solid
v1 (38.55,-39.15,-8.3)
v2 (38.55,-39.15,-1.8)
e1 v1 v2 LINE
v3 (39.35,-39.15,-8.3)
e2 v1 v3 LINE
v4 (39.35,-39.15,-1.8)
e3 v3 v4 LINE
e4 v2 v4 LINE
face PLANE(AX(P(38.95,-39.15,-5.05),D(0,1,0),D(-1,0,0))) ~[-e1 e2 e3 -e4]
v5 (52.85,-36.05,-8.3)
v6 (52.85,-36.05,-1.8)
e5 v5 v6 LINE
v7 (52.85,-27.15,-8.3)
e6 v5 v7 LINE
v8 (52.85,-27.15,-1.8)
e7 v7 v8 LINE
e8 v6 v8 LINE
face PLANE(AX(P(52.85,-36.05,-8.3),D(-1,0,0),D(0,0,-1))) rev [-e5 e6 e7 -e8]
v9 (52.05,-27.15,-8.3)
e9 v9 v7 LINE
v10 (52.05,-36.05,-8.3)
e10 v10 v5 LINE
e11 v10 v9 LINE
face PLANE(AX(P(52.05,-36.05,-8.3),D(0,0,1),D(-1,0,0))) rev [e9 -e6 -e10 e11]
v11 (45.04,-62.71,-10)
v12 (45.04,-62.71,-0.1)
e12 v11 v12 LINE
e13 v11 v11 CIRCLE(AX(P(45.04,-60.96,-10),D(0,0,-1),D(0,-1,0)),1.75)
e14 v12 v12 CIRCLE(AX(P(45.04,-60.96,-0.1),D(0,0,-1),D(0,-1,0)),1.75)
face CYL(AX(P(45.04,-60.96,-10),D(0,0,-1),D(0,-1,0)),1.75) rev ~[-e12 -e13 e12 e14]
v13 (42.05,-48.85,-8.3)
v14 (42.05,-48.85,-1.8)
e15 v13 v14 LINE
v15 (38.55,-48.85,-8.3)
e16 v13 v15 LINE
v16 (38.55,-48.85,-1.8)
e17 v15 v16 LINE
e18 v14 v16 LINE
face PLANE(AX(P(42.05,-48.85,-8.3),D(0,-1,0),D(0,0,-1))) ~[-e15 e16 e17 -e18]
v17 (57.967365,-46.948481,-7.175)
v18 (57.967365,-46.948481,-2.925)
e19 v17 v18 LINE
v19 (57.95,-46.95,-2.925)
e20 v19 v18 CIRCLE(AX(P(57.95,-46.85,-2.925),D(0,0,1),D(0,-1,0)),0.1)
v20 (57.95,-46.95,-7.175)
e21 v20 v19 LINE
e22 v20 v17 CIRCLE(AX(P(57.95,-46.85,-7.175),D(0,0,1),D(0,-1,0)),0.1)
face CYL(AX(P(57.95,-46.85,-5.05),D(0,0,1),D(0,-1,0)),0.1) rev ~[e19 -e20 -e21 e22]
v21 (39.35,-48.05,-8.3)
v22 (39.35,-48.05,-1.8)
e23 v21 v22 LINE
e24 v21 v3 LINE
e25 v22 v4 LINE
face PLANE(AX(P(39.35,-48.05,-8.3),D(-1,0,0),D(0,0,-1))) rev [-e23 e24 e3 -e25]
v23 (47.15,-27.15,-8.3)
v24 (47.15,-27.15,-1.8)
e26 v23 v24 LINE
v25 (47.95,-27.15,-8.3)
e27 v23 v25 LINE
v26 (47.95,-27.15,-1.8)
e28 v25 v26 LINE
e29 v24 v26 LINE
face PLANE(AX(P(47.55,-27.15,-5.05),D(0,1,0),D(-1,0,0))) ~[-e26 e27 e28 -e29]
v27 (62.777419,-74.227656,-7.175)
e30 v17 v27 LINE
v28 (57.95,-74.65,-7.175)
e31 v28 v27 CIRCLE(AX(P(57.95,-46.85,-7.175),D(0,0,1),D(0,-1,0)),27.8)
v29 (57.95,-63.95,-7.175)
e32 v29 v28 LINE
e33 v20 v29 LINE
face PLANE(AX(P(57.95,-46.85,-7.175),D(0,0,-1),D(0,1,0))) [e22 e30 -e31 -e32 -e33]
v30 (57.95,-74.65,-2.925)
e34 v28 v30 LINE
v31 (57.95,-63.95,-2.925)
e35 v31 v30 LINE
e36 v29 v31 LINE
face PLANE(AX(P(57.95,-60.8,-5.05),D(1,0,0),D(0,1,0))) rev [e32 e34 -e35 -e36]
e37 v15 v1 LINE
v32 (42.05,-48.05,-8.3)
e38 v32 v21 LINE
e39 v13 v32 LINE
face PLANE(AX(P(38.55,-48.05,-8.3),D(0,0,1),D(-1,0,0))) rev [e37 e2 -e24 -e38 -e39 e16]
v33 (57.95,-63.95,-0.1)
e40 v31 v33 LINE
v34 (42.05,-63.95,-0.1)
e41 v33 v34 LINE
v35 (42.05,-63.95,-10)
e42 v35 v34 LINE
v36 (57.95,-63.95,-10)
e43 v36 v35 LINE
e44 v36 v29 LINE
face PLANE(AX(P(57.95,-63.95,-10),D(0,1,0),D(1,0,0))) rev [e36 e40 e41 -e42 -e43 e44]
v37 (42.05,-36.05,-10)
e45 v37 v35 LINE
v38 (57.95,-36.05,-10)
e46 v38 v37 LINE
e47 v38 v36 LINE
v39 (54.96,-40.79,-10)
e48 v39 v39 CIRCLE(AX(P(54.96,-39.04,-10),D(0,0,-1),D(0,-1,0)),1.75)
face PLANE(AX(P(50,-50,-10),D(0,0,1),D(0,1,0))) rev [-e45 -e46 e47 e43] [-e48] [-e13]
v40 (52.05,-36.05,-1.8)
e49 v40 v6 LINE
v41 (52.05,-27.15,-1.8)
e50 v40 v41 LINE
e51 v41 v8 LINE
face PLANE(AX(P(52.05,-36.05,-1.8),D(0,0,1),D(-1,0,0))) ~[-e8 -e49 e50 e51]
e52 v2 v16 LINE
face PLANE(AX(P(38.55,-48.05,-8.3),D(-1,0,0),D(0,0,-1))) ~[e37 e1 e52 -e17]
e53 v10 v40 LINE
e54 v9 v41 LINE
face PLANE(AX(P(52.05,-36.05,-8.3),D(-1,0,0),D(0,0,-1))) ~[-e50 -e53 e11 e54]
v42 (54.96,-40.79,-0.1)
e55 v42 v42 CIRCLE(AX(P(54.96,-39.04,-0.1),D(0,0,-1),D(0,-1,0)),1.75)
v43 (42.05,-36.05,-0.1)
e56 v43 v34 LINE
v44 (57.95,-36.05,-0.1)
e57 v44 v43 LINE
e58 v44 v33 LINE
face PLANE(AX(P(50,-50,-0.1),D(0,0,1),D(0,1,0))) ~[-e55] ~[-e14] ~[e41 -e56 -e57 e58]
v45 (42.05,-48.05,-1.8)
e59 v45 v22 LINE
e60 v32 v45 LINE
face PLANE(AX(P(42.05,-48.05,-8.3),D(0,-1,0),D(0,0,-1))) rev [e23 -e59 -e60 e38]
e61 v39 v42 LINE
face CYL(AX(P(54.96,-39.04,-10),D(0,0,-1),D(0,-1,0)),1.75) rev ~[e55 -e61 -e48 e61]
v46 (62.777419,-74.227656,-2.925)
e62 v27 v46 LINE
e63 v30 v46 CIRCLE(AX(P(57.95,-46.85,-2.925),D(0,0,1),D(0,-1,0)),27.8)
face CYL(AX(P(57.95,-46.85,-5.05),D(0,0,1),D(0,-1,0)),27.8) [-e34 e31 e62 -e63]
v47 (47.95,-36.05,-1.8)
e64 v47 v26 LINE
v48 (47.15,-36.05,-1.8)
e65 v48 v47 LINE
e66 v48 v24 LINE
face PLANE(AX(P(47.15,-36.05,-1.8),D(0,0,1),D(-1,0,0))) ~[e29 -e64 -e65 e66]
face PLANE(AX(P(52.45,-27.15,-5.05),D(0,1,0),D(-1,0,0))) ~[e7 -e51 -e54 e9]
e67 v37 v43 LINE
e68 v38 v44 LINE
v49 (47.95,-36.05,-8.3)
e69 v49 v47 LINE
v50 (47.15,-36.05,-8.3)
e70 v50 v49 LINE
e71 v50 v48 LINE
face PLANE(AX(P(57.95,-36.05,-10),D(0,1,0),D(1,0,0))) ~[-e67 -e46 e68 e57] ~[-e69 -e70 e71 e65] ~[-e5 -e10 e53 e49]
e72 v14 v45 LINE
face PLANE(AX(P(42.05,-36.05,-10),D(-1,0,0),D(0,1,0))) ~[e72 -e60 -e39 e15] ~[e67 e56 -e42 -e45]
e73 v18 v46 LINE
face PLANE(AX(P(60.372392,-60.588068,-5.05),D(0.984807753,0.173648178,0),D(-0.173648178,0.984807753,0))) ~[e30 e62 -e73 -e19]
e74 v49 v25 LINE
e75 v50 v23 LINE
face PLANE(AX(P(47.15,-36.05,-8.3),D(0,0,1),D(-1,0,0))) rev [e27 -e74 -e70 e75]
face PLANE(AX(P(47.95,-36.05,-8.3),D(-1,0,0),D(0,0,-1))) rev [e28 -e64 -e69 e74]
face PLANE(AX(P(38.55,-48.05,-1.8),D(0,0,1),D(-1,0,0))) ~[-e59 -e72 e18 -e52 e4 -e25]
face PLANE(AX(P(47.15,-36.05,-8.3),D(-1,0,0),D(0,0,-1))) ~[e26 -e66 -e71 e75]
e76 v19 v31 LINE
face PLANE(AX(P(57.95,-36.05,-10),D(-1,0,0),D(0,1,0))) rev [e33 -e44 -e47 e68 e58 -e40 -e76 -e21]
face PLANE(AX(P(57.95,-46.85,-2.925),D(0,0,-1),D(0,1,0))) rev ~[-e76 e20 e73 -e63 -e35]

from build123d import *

# Parameters (mm, degrees)
SKETCH037_W             = 27.9
SKETCH037_H             = 15.9
SKETCH037_R             = 1.75
PAD025_DEPTH            = 9.9
SKETCH038_W             = 27.7
SKETCH038_H             = 4.25
REVOLUTION_ANGLE        = 10
SKETCH039_W             = 0.8
SKETCH039_H             = 6.5
PAD026_DEPTH            = 8.9
SKETCH040_W             = 0.8
SKETCH040_H             = 6.5
PAD027_DEPTH            = 3.5
SKETCH041_W             = 0.8
SKETCH041_H             = 6.5
PAD028_DEPTH            = 8.9
BODY007_PLACEMENT_ANGLE = 90


with BuildPart() as capteurcontact:
    # Sketch037 → Pad025 (new body)
    with BuildSketch(Plane.XY):
        Rectangle(SKETCH037_W, SKETCH037_H)
        with Locations((10.96, 4.96)):
            Circle(SKETCH037_R, mode=Mode.SUBTRACT)
        with Locations((-10.96, -4.96)):
            Circle(SKETCH037_R, mode=Mode.SUBTRACT)
    extrude(amount=PAD025_DEPTH)

    # Sketch038 (on Face3 of Pad025) → Revolution (revolve)
    with BuildSketch(Plane.XZ.offset(7.95)):
        with Locations((10.8, 4.95)):
            Rectangle(SKETCH038_W, SKETCH038_H)
    revolve(axis=Axis((-3.15, -7.95, 7.075), (0, 0, -1)), revolution_arc=REVOLUTION_ANGLE)

    # Sketch039 (on Face2 of Revolution) → Pad026 (join)
    with BuildSketch(Plane(origin=(-13.95, 0, 0), x_dir=(0, -1, 0), z_dir=(-1, 0, 0))):
        with Locations((-2.45, 4.95)):
            Rectangle(SKETCH039_W, SKETCH039_H)
        with Locations((2.45, 4.95)):
            Rectangle(SKETCH039_W, SKETCH039_H)
    extrude(amount=PAD026_DEPTH)

    # Sketch040 (on Face1 of Pad026) → Pad027 (join)
    with BuildSketch(Plane(origin=(0, 7.95, 0), x_dir=(-1, 0, 0), z_dir=(0, 1, 0))):
        with Locations((1.55, 4.95)):
            Rectangle(SKETCH040_W, SKETCH040_H)
    extrude(amount=PAD027_DEPTH)

    # Sketch041 (on Face8 of Pad027) → Pad028 (join)
    with BuildSketch(Plane(origin=(-1.95, 0, 0), x_dir=(0, -1, 0), z_dir=(-1, 0, 0))):
        with Locations((-11.05, 4.95)):
            Rectangle(SKETCH041_W, SKETCH041_H)
    extrude(amount=PAD028_DEPTH)


with BuildPart() as capteurcontact_1:
    # Body007 placement: moved
    add(capteurcontact.part.moved(Location((50, 50, -10))).rotate(Axis((50, 50, -10), (0, 0, 1)), BODY007_PLACEMENT_ANGLE))


with BuildPart() as part_mirroring001:
    # Part__Mirroring001: instance of CapteurContact
    add(capteurcontact_1.part.mirror(Plane(origin=(0, 0, 0), x_dir=(1, 0, 0), z_dir=(0, 1, 0))))


solid = part_mirroring001.part
